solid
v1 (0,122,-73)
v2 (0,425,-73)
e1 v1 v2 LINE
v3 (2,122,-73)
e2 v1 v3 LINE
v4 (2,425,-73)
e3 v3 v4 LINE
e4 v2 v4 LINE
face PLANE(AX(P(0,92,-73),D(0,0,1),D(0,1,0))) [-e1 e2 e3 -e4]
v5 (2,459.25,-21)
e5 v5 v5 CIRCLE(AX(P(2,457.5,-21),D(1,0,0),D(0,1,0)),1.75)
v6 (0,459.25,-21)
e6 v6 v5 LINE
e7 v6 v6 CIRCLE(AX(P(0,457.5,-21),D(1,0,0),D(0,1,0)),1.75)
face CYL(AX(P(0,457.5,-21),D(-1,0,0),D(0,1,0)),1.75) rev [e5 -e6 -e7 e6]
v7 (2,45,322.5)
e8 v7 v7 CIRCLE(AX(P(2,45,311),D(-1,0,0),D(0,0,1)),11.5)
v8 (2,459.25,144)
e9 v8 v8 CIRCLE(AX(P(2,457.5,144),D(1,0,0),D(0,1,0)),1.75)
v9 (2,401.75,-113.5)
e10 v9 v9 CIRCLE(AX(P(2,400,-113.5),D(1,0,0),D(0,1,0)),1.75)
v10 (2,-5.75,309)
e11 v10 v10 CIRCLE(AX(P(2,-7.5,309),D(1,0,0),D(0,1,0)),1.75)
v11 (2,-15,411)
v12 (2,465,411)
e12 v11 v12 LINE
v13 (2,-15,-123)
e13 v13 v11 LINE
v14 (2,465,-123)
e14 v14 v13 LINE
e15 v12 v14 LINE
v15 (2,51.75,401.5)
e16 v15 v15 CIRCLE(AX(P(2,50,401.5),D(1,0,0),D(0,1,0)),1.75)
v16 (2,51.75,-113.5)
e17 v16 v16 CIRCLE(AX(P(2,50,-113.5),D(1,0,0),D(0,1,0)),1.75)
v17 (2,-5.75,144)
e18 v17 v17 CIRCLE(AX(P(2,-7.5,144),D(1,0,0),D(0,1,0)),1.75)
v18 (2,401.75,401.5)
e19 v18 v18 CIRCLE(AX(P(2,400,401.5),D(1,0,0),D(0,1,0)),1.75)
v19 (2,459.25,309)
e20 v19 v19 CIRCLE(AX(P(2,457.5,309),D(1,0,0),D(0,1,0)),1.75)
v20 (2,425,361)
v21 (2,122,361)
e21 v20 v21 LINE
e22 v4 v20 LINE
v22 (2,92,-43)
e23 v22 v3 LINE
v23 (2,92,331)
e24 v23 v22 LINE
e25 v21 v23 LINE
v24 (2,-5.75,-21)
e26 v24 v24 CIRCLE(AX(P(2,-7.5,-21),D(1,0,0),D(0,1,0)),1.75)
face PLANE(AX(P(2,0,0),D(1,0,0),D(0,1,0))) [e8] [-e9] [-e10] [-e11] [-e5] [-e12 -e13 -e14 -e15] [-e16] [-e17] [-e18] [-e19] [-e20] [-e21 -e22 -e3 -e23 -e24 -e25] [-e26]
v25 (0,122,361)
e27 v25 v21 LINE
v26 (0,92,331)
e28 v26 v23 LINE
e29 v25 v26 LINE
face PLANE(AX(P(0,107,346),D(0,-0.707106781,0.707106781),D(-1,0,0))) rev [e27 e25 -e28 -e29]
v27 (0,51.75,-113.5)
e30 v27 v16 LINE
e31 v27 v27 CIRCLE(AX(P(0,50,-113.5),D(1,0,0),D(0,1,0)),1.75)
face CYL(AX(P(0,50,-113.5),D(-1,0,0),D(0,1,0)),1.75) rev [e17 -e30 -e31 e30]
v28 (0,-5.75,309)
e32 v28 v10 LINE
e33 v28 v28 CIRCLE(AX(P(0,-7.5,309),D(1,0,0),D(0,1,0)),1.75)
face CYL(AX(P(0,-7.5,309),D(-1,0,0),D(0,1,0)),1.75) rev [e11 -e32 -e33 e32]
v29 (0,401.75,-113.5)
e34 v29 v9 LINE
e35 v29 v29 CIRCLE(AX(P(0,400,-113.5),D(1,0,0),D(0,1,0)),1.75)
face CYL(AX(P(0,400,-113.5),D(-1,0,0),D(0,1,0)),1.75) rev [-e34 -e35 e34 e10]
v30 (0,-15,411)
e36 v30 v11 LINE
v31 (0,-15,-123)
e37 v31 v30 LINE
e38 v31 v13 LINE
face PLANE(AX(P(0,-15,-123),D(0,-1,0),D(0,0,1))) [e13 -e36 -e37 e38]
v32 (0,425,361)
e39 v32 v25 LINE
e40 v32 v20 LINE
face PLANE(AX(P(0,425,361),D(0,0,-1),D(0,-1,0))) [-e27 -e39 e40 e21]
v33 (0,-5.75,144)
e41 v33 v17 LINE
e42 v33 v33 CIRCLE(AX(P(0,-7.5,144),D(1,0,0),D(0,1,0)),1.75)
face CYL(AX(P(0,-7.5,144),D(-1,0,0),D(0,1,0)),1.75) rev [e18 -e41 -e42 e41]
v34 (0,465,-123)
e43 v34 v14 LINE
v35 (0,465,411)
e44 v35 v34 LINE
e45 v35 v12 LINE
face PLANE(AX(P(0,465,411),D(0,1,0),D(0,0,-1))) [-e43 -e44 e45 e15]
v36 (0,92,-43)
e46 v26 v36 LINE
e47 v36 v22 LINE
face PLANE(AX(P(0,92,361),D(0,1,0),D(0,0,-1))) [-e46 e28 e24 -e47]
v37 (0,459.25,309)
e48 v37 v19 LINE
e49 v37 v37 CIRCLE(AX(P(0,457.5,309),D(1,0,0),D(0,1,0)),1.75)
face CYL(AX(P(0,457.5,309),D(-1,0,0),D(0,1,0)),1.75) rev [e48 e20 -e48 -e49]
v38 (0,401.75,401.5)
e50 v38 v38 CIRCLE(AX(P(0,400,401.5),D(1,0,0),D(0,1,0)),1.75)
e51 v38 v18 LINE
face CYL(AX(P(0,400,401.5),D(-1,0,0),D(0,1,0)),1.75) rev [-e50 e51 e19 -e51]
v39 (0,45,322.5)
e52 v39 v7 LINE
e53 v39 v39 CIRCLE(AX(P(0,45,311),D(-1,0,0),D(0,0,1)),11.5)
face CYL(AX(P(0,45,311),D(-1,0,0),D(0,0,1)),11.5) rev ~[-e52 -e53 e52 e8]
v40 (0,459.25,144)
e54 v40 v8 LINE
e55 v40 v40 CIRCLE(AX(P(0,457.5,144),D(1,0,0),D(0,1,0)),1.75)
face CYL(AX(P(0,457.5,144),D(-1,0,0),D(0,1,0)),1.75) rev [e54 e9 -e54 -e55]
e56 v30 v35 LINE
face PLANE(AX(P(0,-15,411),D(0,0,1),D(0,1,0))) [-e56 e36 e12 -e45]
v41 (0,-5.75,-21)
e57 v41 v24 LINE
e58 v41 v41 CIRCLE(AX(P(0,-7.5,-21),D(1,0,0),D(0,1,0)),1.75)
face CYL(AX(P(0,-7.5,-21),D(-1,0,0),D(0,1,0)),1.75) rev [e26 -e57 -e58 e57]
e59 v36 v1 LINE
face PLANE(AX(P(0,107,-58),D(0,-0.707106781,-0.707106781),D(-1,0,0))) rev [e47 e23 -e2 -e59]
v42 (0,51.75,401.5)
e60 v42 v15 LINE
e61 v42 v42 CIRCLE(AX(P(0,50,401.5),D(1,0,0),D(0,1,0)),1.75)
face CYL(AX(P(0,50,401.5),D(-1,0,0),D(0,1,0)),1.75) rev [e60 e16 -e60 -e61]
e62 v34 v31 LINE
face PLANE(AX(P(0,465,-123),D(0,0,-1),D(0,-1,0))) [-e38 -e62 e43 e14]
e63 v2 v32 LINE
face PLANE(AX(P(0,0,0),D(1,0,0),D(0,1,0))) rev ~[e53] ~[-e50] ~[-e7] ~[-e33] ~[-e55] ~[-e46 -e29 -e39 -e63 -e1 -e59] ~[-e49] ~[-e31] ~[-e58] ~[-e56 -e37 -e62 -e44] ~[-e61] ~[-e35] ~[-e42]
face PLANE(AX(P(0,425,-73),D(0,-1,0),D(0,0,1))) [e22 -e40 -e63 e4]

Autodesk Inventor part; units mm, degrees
ref_plane "YZ Plane" through (0, 0, 0) normal (1, 0, 0) x (0, 1, 0)
ref_plane "XZ Plane" through (0, 0, 0) normal (0, 1, 0) x (-1, 0, 0)
ref_plane "XY Plane" through (0, 0, 0) normal (0, 0, 1) x (1, 0, 0)
sketch "Sketch1" plane through (0, 0, 0) normal (1, 0, 0) x (0, 1, 0)
  line L0 (465, 411) -> (465, -123) projected
  line L1 (465, -123) -> (-15, -123) projected
  line L2 (-15, -123) -> (-15, 411) projected
  line L3 (-15, 411) -> (465, 411) projected
  circle A0 centre (400, -113.5) radius 1.75 projected
  circle A1 centre (50, 401.5) radius 1.75 projected
  circle A2 centre (400, 401.5) radius 1.75 projected
  circle A3 centre (-7.5, -21) radius 1.75 projected
  circle A4 centre (-7.5, 144) radius 1.75 projected
  circle A5 centre (-7.5, 309) radius 1.75 projected
  circle A6 centre (457.5, 144) radius 1.75 projected
  circle A7 centre (457.5, -21) radius 1.75 projected
  circle A8 centre (457.5, 309) radius 1.75 projected
  circle A9 centre (50, -113.5) radius 1.75 projected
  point P0 (0, 0)
extrude "Extrusion1" add sketch "Sketch1" along normal blind 2
sketch "Sketch2" plane through (0, 0, 0) normal (-1, 0, 0) x (0, 0, 1)
  line L0 (411, -15) -> (-123, -15) projected
  line L1 (411, 465) -> (411, -15) projected
  line L2 (-123, 465) -> (411, 465) projected
  line L3 (-123, -15) -> (-123, 465) projected
  circle A0 centre (-113.5, 50) radius 1.75 projected
  circle A1 centre (-21, 457.5) radius 1.75 projected
  circle A2 centre (144, 457.5) radius 1.75 projected
  circle A3 centre (309, -7.5) radius 1.75 projected
  circle A4 centre (144, -7.5) radius 1.75 projected
  circle A5 centre (-21, -7.5) radius 1.75 projected
  circle A6 centre (401.5, 400) radius 1.75 projected
  circle A7 centre (401.5, 50) radius 1.75 projected
  circle A8 centre (-113.5, 400) radius 1.75 projected
  circle A9 centre (309, 457.5) radius 1.75 projected
  line L4 (-73, 425) -> (361, 425)
  line L5 (361, 425) -> (361, 92)
  line L6 (361, 92) -> (-73, 92)
  line L7 (-73, 92) -> (-73, 425)
  point P0 (0, 0)
  dimension "d2" = 50
  dimension "d3" = 50
  dimension "d4" = 40
  dimension "d5" = 107
extrude "Extrusion2" cut sketch "Sketch2" against normal blind 2 contours L4 L5 L6 L7
chamfer "Chamfer1" distance 30 angle 45 2 edges at (1, 92, -73) (1, 92, 361)
sketch "Sketch3" plane through (0, 0, 0) normal (-1, 0, 0) x (0, 0, 1)
  line L0 (361, 425) -> (361, 122) projected
  line L1 (331, 92) -> (361, 122) projected
  line L2 (331, 92) -> (-43, 92) projected
  line L3 (-73, 122) -> (-43, 92) projected
  line L4 (-73, 122) -> (-73, 425) projected
  line L5 (-73, 425) -> (361, 425) projected
  line L6 (411, -15) -> (-123, -15) projected
  line L7 (411, 465) -> (411, -15) projected
  line L8 (-123, 465) -> (411, 465) projected
  line L9 (-123, -15) -> (-123, 465) projected
  circle A0 centre (-113.5, 50) radius 1.75 projected
  circle A1 centre (-21, 457.5) radius 1.75 projected
  circle A2 centre (144, 457.5) radius 1.75 projected
  circle A3 centre (309, -7.5) radius 1.75 projected
  circle A4 centre (144, -7.5) radius 1.75 projected
  circle A5 centre (-21, -7.5) radius 1.75 projected
  circle A6 centre (401.5, 400) radius 1.75 projected
  circle A7 centre (401.5, 50) radius 1.75 projected
  circle A8 centre (-113.5, 400) radius 1.75 projected
  circle A9 centre (309, 457.5) radius 1.75 projected
  circle A10 centre (311, 45) radius 11.5
  point P0 (0, 0)
  dimension "d11" = 23
  dimension "d12" = 60
  dimension "d13" = 100
extrude "Extrusion3" cut sketch "Sketch3" against normal through all contours A10
equation "\"d3\" = d2"
properties part number "Front Panel" material "Aluminum 6061"
